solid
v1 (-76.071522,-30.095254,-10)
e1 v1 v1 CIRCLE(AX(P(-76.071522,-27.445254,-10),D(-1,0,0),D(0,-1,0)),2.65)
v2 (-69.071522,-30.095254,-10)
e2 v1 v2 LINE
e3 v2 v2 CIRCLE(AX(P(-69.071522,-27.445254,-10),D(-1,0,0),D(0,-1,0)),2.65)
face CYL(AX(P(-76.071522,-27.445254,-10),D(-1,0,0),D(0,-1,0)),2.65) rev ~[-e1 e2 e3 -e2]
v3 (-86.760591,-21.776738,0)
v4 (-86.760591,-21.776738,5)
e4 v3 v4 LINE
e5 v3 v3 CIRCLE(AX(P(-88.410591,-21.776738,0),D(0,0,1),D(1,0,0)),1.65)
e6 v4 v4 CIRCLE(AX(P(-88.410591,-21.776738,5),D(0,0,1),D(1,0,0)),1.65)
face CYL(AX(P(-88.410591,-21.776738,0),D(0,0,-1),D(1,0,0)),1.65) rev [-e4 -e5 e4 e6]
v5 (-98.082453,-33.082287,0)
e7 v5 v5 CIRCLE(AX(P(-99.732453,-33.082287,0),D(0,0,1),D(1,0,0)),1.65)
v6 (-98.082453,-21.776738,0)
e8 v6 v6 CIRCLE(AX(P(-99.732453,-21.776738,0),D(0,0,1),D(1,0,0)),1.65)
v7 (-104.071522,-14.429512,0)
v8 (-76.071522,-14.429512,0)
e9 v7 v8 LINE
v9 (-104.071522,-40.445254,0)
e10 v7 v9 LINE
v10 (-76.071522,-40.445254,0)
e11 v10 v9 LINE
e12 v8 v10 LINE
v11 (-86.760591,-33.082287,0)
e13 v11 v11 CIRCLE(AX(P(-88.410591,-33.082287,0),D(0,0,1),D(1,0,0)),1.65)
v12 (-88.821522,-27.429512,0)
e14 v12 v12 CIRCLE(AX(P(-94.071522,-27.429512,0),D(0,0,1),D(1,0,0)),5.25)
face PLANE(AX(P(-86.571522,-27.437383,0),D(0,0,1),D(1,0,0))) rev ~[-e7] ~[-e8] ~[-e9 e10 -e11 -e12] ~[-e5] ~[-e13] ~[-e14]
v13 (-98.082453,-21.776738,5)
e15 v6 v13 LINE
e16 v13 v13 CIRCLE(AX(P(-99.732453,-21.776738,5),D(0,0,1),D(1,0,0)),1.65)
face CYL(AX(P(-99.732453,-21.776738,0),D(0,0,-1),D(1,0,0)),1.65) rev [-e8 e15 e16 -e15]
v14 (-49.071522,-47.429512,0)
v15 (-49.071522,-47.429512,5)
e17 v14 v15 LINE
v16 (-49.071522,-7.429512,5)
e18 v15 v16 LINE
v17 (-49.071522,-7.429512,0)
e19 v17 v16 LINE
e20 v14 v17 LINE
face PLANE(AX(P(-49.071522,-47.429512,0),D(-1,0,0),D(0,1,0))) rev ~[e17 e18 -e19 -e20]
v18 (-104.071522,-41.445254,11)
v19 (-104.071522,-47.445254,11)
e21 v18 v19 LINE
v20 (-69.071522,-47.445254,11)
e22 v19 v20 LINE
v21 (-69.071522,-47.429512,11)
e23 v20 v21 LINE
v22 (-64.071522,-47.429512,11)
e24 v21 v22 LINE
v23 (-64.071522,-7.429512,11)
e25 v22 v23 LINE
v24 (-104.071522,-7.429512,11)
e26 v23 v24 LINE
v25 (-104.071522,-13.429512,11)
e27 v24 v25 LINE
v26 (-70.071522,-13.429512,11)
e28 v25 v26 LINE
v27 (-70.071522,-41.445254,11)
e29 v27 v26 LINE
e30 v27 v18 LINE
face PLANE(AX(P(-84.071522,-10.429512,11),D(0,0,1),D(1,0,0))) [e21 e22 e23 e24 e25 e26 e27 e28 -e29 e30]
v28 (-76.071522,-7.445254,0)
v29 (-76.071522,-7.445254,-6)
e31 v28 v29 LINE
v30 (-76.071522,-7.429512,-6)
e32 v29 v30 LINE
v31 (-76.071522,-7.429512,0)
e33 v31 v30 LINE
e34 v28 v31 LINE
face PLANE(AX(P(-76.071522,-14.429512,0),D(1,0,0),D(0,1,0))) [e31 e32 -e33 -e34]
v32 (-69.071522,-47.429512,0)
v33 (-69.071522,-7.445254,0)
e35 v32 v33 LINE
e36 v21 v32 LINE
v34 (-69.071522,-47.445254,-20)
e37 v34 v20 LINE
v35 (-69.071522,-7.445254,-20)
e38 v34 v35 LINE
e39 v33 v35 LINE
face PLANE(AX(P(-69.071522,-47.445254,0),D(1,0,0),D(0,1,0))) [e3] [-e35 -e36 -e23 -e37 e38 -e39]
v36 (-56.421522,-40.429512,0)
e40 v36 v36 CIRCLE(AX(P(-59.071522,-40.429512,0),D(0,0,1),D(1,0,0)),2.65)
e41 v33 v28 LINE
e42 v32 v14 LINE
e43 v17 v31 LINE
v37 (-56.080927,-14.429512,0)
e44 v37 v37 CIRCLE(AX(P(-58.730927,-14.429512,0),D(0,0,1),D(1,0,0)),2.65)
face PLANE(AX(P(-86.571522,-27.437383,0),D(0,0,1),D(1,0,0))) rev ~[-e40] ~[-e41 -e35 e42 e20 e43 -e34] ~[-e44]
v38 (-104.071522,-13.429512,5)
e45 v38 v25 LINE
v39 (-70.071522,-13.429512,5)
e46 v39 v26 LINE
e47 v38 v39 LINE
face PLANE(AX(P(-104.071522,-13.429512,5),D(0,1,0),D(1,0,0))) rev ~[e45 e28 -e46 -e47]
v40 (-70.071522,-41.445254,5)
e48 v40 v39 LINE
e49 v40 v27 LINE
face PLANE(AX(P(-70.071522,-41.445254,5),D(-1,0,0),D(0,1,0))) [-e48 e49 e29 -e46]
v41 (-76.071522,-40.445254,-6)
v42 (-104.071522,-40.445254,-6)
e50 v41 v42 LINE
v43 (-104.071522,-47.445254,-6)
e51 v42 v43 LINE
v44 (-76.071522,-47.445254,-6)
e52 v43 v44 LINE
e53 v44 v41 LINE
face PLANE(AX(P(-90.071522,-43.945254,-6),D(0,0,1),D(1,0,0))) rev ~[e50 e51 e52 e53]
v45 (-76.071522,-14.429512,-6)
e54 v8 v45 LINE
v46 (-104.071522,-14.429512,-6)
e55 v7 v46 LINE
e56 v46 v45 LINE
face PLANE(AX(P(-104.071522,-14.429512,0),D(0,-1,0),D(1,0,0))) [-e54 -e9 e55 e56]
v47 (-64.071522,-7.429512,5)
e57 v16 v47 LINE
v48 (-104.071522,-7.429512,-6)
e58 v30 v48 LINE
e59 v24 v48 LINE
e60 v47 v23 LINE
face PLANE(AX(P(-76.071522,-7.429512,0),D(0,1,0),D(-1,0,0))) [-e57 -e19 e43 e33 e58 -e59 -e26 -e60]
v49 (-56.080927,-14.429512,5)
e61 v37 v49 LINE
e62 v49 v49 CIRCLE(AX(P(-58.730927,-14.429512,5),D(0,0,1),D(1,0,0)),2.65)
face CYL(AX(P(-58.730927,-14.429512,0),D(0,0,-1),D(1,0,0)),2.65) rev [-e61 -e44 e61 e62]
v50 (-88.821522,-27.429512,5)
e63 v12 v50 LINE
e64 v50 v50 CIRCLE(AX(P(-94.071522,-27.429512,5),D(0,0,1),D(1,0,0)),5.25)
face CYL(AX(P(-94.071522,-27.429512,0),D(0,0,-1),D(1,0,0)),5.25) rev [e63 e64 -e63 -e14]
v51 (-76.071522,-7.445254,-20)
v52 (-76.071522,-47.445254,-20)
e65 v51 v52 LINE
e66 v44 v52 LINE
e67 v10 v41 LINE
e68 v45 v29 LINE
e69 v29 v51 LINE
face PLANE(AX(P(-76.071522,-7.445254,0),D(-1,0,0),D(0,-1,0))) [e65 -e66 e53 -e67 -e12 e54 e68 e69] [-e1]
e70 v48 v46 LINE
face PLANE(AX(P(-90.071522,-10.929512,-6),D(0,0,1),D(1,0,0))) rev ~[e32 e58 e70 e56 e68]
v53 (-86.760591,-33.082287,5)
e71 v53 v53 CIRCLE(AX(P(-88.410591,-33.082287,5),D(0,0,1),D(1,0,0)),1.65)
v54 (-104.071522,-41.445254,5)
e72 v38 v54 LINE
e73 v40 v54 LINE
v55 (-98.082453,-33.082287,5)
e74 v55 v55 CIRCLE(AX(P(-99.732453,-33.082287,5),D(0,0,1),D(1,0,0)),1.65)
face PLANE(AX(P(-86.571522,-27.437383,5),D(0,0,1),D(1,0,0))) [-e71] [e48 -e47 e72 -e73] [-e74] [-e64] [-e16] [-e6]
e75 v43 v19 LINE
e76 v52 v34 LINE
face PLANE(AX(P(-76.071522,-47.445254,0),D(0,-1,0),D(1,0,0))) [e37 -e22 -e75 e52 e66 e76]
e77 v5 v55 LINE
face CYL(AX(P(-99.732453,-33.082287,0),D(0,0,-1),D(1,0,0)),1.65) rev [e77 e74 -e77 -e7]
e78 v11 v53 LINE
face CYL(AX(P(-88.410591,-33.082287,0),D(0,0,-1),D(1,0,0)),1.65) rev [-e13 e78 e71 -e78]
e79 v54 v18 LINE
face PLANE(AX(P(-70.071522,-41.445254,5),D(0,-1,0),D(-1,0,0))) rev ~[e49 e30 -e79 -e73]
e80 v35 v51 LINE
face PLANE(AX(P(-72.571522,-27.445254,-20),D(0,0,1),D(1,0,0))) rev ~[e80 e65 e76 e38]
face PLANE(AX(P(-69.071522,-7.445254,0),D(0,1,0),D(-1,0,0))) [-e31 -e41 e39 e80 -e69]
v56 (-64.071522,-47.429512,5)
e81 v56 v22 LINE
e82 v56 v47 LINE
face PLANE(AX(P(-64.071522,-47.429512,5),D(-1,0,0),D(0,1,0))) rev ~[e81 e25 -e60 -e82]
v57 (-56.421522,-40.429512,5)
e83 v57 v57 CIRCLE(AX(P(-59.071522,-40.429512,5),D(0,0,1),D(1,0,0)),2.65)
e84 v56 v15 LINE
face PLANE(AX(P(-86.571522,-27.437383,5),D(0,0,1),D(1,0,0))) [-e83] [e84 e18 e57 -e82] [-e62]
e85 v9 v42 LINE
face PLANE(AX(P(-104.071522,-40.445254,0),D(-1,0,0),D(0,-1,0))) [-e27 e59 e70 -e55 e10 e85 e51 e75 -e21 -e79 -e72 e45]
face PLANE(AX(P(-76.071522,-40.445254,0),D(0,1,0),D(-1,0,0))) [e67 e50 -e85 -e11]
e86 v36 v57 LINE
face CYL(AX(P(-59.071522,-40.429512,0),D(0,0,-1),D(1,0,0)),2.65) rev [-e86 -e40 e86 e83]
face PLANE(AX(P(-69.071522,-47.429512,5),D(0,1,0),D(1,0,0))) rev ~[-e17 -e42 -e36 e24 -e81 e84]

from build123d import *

# Parameters (mm, degrees)
F0_R     = 1.65
F0_R_2   = 5.25
F0_W     = 20
F0_H     = 40
F0_R_3   = 2.65
F1_DEPTH = 5
F2_W     = 6
F2_H     = 28.0157411588
F3_DEPTH = 6
F5_DEPTH = 20
F6_R     = 2.65
F7_DEPTH = 25
F9_DEPTH = 6


with BuildPart() as f1:
    # F0 (on Top) → F1 (new body)
    with BuildSketch(Plane.XY):
        Polygon((-69.0715216601, -47.4452535896), (-69.0715216601, -47.4295124308), (-69.0715216601, -7.4295124308), (-99.0715216601, -7.4295124308), (-104.0715216601, -7.4295124308), (-104.0715216601, -17.4295124308), (-104.0715216601, -37.4295124308), (-104.0715216601, -47.4452535896), (-99.1652225519, -47.4452535896), align=None)
        with Locations((-99.7324526625, -33.0822869872)):
            Circle(F0_R, mode=Mode.SUBTRACT)
        with Locations((-88.4105906576, -33.0822869872)):
            Circle(F0_R, mode=Mode.SUBTRACT)
        with Locations((-94.0715216601, -27.4295124308)):
            Circle(F0_R_2, mode=Mode.SUBTRACT)
        with Locations((-99.7324526625, -21.7767378744)):
            Circle(F0_R, mode=Mode.SUBTRACT)
        with Locations((-88.4105906576, -21.7767378744)):
            Circle(F0_R, mode=Mode.SUBTRACT)
        with Locations((-59.0715216601, -27.4295124308)):
            Rectangle(F0_W, F0_H)
        with Locations((-59.0715216601, -40.4295124308)):
            Circle(F0_R_3, mode=Mode.SUBTRACT)
        with Locations((-58.7309271957, -14.4295124308)):
            Circle(F0_R_3, mode=Mode.SUBTRACT)
    extrude(amount=F1_DEPTH)

    # F2 (on face) → F3 (join)
    with BuildSketch(Plane.XY.offset(5)):
        Polygon((-64.0715216601, -7.4295124308), (-104.0715216601, -7.4295124308), (-104.0715216601, -13.4295124308), (-70.0715216601, -13.4295124308), (-64.0715216601, -13.4295124308), align=None)
        with Locations((-67.0715216601, -27.4373830102)):
            Rectangle(F2_W, F2_H)
        Polygon((-70.0715216601, -41.4452535896), (-104.0715216601, -41.4452535896), (-104.0715216601, -47.4452535896), (-69.0715216601, -47.4452535896), (-69.0715216601, -47.4295124308), (-64.0715216601, -47.4295124308), (-64.0715216601, -41.4452535896), align=None)
    extrude(amount=F3_DEPTH)

    # F4 (on face) → F5 (join)
    with BuildSketch(Plane.XY):
        Polygon((-76.0715216601, -47.4452535896), (-69.0715216601, -47.4452535896), (-69.0715216601, -47.4295124308), (-69.0715216601, -7.4452535896), (-76.0715216601, -7.4452535896), align=None)
    extrude(amount=-F5_DEPTH)

    # F6 (on face) → F7 (cut)
    with BuildSketch(Plane(origin=(-76.0715216601, 0, 0), x_dir=(0, -1, 0), z_dir=(-1, 0, 0))):
        with Locations((27.4452535896, -10)):
            Circle(F6_R)
    extrude(amount=-F7_DEPTH, mode=Mode.SUBTRACT)

    # F8 (on face) → F9 (join)
    with BuildSketch(Plane.XY):
        Polygon((-99.1652225519, -47.4452535896), (-76.0715216601, -47.4452535896), (-76.0715216601, -40.4452535896), (-104.0715216601, -40.4452535896), (-104.0715216601, -47.4452535896), align=None)
        Polygon((-76.0715216601, -14.4295124308), (-76.0715216601, -7.4295124308), (-99.0715216601, -7.4295124308), (-104.0715216601, -7.4295124308), (-104.0715216601, -14.4295124308), align=None)
    extrude(amount=-F9_DEPTH)


solid = f1.part
